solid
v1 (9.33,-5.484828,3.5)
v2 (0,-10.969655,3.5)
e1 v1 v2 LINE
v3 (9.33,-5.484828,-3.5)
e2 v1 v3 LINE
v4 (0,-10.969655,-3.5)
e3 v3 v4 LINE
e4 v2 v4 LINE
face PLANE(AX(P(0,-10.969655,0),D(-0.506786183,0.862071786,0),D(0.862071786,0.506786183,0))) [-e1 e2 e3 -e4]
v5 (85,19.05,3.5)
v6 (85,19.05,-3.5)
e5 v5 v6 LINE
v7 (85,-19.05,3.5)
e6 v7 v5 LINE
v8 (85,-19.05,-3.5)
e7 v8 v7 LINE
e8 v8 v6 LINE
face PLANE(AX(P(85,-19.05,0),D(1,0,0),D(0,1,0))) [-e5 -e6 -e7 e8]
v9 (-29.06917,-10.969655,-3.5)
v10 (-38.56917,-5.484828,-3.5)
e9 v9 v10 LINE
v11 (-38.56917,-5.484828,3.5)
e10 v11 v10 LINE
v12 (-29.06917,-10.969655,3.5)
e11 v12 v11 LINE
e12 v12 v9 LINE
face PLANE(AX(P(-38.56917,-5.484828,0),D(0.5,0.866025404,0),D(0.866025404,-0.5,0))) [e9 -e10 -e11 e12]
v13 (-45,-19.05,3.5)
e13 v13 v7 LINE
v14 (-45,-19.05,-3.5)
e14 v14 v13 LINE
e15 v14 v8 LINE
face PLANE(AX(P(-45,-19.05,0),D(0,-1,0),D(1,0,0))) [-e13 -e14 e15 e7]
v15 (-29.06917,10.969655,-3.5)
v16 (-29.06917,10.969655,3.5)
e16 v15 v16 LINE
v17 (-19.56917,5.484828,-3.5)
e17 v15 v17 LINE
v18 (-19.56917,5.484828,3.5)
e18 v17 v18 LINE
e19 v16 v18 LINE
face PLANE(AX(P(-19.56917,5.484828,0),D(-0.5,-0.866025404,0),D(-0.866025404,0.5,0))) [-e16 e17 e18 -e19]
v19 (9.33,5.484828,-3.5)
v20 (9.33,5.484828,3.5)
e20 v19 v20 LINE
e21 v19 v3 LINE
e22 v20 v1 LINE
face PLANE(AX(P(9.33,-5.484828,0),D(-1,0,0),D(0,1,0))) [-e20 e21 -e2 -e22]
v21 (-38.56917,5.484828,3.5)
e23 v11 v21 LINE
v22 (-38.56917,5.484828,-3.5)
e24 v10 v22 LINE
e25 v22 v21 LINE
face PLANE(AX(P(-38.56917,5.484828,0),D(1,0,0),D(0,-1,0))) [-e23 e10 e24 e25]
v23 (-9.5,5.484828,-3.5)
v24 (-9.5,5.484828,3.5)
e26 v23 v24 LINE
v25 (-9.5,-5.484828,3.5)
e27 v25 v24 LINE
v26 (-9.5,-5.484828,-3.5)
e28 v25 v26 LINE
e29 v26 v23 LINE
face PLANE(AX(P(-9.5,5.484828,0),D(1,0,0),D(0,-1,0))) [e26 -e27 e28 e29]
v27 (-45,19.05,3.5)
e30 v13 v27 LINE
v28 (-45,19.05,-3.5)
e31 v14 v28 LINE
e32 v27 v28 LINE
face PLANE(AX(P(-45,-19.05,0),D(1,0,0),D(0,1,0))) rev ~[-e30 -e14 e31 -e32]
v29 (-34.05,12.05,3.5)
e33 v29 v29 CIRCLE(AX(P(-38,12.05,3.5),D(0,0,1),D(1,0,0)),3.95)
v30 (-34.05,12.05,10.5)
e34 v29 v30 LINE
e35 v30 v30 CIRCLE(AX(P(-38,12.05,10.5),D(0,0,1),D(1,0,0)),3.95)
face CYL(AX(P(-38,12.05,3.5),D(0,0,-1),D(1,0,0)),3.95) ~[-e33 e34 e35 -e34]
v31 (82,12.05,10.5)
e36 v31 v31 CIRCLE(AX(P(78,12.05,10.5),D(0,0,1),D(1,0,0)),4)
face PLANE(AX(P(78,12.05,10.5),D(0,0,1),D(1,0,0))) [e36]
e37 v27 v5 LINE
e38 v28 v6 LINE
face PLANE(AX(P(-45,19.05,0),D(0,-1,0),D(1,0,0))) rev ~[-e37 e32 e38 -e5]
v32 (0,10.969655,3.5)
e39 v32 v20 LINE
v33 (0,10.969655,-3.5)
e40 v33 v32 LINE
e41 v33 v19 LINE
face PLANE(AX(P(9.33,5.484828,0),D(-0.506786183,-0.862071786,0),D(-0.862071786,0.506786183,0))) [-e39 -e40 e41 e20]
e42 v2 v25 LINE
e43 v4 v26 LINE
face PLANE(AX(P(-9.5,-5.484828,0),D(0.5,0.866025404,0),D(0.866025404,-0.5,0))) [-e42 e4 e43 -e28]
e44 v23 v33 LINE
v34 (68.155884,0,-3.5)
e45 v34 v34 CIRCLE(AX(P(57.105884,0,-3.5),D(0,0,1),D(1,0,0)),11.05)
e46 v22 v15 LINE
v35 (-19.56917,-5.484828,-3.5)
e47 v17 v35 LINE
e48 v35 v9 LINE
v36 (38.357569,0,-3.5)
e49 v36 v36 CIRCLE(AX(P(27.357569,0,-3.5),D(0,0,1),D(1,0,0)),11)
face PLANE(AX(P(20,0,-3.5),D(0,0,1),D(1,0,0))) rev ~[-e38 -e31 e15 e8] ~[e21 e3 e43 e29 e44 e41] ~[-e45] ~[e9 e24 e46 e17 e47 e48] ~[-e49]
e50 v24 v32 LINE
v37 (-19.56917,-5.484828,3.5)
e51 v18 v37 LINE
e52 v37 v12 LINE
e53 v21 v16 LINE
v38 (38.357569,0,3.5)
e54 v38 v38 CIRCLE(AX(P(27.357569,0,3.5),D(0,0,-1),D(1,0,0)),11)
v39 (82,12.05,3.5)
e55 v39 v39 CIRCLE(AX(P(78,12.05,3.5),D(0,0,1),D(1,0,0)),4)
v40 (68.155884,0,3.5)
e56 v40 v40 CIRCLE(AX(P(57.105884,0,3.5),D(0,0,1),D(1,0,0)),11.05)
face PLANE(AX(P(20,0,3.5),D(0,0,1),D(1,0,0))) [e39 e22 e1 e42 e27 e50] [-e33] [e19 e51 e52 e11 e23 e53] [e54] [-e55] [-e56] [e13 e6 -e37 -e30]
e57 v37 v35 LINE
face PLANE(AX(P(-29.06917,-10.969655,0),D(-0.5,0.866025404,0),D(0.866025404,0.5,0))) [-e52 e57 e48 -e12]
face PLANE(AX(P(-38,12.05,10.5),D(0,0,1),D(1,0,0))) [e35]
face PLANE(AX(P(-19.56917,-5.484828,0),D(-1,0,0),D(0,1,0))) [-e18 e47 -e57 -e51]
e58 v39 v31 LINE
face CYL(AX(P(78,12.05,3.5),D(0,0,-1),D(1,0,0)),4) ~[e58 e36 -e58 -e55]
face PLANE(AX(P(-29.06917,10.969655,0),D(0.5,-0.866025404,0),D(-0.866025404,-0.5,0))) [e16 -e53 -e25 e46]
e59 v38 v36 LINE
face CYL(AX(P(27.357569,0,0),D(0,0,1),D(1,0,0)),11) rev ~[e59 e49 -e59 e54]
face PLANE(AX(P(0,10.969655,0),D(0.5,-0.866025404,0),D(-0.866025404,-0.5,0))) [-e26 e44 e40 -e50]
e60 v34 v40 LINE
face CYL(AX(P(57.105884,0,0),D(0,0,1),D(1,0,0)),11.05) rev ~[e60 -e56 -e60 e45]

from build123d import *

# Parameters (mm, degrees)
F0_W     = 130
F0_H     = 38.1
F2_DEPTH = 3.5
F1_R     = 11
F1_R_2   = 11.05
F3_DEPTH = 12.5
F4_R     = 4
F4_R_2   = 3.95
F5_DEPTH = 7


with BuildPart() as f2:
    # F0 (on Top) → F2 (new body, symmetric)
    with BuildSketch(Plane.XY):
        with Locations((20, 0)):
            Rectangle(F0_W, F0_H)
    extrude(amount=F2_DEPTH, both=True)

    # F1 (on face) → F3 (cut, symmetric)
    with BuildSketch(Plane.XY):
        Polygon((9.33, -5.4848275573), (9.33, 5.4848275573), (0, 10.9696551146), (-9.5, 5.4848275573), (-9.5, -5.4848275573), (0, -10.9696551146), align=None)
        with Locations((27.3575689644, 0)):
            Circle(F1_R)
        Polygon((-19.5691703558, -5.4848275573), (-19.5691703558, 5.4848275573), (-29.0691703558, 10.9696551146), (-38.5691703558, 5.4848275573), (-38.5691703558, -5.4848275573), (-29.0691703558, -10.9696551146), align=None)
        with Locations((57.105883956, 0)):
            Circle(F1_R_2)
    extrude(amount=F3_DEPTH, both=True, mode=Mode.SUBTRACT)

    # F4 (on face) → F5 (join)
    with BuildSketch(Plane.XY.offset(3.5)):
        with Locations((78, 12.05)):
            Circle(F4_R)
        with Locations((-38, 12.05)):
            Circle(F4_R_2)
    extrude(amount=F5_DEPTH)


solid = f2.part
